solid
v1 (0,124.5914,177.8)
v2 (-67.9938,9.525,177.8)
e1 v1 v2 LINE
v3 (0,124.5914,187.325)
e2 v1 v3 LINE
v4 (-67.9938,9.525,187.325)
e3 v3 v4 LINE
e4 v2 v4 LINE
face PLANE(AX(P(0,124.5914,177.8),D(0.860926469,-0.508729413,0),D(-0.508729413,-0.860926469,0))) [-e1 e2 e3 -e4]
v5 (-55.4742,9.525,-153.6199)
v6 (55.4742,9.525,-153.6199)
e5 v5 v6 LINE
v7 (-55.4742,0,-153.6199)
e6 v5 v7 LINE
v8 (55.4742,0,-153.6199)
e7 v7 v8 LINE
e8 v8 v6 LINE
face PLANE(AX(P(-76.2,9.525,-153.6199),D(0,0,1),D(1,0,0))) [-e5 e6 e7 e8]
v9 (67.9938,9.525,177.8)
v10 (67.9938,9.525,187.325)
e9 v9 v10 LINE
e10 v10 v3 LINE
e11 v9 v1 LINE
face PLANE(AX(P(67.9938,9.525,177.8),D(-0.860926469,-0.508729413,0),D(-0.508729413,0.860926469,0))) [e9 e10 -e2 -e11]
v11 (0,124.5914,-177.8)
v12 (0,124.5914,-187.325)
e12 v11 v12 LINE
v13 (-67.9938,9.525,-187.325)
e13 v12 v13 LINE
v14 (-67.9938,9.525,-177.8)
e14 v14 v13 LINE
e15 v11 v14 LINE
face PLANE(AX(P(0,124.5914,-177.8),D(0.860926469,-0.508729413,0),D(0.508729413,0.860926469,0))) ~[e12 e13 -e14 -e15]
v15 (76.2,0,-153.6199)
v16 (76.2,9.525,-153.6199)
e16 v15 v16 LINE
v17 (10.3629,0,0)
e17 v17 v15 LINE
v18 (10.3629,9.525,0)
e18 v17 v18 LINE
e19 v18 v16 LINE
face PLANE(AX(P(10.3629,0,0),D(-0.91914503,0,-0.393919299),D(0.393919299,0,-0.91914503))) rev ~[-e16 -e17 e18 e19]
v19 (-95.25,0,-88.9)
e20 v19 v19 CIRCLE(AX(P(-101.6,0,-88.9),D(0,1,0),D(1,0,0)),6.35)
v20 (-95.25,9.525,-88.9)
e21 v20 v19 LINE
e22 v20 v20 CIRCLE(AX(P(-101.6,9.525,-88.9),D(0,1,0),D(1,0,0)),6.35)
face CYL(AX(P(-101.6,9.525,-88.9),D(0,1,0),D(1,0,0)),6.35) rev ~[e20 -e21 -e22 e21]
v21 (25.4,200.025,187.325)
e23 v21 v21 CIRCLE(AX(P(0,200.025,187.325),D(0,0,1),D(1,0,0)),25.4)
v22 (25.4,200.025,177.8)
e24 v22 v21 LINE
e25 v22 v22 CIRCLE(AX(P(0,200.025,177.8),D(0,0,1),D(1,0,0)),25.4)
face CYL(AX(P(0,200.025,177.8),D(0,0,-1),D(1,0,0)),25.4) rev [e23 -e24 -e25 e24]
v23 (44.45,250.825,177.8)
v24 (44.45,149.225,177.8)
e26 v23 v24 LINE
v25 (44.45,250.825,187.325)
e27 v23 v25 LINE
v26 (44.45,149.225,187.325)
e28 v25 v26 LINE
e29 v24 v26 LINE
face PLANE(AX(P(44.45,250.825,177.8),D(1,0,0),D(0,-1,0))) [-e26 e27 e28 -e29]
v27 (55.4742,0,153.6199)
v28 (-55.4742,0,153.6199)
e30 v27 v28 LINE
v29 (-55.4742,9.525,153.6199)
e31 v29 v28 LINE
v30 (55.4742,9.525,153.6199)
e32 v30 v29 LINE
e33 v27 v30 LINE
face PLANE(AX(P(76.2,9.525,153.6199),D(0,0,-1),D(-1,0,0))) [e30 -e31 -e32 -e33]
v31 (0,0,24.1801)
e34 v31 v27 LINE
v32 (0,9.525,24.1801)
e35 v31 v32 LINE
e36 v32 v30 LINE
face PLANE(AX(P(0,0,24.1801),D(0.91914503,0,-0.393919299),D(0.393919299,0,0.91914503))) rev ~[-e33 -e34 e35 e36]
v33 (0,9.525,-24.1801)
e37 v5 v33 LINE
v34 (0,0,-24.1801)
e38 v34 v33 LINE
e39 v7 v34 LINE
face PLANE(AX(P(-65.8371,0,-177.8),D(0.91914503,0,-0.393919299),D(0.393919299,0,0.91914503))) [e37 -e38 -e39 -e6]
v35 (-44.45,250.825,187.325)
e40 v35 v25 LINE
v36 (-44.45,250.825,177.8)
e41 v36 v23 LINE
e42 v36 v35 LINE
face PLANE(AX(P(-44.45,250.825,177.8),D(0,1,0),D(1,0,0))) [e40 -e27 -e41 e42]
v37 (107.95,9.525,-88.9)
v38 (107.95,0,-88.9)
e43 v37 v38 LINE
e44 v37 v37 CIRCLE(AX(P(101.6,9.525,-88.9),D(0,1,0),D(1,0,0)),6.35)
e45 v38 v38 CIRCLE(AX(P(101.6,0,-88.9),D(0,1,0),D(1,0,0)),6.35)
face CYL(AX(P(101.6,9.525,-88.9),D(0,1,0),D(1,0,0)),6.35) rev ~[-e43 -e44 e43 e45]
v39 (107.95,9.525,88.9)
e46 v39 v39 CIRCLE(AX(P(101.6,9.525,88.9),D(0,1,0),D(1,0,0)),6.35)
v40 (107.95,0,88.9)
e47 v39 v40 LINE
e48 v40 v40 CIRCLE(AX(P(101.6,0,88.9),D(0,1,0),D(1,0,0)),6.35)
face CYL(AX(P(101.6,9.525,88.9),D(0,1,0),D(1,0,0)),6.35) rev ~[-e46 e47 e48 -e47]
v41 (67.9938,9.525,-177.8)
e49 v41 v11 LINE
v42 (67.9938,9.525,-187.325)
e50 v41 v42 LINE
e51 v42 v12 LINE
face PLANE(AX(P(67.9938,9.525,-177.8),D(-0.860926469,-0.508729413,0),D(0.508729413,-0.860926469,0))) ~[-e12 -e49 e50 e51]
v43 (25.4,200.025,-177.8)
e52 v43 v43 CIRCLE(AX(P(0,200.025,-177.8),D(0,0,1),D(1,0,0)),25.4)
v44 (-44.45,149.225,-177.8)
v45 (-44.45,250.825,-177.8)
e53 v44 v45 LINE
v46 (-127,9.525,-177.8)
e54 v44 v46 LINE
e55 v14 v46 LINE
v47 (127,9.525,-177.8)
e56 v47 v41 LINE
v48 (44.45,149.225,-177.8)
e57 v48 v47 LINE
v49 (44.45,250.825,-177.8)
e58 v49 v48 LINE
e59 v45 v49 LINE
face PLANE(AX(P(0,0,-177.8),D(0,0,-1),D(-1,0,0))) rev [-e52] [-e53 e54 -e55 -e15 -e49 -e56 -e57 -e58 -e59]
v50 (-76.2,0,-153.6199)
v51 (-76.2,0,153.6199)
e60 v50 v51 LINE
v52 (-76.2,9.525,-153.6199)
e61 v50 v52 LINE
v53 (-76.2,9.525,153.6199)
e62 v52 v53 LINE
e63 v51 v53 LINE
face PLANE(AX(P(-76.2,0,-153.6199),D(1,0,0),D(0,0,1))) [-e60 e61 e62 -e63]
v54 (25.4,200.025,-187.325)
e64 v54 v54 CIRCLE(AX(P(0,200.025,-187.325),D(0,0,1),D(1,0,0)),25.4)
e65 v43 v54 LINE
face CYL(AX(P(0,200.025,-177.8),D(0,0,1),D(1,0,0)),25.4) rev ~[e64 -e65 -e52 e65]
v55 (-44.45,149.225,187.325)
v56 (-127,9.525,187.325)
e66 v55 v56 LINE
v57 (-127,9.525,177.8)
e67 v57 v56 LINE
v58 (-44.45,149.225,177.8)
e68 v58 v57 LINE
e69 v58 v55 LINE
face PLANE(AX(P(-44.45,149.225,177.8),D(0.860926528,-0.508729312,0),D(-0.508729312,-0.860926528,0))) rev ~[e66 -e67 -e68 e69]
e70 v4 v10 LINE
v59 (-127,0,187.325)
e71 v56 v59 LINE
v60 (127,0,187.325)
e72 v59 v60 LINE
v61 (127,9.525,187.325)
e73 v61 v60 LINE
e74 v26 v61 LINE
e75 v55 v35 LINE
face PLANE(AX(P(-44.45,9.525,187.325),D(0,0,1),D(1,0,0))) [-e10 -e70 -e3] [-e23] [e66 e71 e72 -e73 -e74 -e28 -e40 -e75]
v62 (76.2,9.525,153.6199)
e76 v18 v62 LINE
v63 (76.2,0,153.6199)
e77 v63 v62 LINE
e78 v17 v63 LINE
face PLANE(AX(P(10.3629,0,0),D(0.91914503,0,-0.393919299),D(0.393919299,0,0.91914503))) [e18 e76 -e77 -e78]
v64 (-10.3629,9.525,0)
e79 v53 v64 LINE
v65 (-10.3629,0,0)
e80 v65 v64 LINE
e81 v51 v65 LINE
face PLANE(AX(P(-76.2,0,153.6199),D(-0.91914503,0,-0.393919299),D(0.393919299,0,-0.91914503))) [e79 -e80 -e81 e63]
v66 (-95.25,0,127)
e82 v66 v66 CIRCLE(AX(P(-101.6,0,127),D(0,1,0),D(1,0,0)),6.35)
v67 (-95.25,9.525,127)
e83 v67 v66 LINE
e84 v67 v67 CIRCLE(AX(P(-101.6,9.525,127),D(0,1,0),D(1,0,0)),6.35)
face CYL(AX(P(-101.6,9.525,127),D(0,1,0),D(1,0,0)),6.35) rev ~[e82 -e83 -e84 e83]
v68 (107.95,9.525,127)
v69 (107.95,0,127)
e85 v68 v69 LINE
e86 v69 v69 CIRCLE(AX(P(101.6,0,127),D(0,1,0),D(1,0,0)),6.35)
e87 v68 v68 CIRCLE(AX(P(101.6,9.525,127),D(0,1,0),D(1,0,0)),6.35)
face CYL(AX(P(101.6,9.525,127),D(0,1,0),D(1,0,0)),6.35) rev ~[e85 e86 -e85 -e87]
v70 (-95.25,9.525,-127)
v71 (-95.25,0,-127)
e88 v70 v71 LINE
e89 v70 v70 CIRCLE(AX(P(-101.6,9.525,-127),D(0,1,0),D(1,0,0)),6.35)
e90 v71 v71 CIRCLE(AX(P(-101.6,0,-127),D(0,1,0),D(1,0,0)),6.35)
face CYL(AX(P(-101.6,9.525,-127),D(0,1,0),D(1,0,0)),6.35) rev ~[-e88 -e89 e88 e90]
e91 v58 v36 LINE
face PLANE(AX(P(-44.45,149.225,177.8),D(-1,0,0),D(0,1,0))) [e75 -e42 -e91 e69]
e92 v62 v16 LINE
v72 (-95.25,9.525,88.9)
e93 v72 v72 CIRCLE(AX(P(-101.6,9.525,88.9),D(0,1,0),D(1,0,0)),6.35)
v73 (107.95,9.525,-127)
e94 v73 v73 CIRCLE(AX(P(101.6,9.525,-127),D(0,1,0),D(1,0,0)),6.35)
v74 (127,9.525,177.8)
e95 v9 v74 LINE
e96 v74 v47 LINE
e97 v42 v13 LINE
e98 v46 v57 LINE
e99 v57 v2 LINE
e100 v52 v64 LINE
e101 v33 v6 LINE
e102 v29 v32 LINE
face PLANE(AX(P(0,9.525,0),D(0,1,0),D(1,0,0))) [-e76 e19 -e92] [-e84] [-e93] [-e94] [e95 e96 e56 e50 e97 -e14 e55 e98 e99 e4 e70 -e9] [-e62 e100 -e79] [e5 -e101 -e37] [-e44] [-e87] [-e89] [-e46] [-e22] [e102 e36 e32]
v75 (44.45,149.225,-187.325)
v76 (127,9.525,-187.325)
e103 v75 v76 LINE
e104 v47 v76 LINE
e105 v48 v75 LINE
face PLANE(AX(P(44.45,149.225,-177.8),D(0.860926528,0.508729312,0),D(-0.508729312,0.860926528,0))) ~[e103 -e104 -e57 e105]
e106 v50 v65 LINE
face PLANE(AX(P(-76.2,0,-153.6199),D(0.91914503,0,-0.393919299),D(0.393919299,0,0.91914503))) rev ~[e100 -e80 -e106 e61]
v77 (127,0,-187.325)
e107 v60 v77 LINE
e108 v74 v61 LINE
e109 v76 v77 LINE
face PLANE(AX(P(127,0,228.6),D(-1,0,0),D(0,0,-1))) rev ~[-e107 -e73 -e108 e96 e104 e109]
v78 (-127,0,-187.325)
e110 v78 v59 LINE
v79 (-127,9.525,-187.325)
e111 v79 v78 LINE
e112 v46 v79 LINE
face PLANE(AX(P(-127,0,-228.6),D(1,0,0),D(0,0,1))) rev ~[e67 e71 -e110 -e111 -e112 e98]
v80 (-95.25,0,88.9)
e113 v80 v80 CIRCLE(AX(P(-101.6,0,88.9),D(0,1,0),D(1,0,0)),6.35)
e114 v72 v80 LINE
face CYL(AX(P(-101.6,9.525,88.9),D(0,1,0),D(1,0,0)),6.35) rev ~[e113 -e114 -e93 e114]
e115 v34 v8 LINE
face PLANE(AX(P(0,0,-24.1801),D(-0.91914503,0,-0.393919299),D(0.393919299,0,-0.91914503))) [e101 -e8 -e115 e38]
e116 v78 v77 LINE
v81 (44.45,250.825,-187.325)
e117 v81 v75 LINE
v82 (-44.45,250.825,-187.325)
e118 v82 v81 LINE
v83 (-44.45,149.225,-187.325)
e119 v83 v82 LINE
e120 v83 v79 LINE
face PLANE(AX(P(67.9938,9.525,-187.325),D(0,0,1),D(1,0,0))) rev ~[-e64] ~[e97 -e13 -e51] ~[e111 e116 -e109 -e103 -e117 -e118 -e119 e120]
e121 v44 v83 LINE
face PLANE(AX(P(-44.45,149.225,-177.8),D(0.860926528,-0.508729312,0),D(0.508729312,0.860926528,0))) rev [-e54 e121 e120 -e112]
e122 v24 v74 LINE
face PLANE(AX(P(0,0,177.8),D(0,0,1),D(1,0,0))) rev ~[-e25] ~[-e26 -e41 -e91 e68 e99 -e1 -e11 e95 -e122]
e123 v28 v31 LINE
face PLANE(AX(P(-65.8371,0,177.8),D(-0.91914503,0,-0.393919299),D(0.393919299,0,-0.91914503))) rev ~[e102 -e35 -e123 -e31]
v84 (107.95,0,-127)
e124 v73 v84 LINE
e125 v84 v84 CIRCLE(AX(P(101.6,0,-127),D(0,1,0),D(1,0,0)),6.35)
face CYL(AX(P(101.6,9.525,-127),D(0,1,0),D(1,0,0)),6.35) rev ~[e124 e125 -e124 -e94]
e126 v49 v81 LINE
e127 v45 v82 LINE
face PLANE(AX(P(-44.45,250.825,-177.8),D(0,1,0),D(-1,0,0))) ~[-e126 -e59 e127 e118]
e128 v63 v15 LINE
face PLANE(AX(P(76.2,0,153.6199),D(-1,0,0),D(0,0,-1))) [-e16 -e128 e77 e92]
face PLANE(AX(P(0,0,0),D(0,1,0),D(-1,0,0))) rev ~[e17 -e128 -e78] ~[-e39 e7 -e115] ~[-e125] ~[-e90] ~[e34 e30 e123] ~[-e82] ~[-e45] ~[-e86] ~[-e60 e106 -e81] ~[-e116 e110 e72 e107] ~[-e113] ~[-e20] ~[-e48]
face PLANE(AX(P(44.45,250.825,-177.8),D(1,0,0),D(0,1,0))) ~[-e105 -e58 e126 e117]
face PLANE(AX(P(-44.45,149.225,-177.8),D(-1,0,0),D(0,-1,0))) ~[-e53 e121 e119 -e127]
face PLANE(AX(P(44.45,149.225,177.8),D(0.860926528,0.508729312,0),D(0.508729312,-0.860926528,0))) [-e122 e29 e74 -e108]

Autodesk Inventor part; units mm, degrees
ref_plane "YZ Plane" through (0, 0, 0) normal (1, 0, 0) x (0, 1, 0)
ref_plane "XZ Plane" through (0, 0, 0) normal (0, 1, 0) x (-1, 0, 0)
sketch "Sketch1" plane through (0, 0, 0) normal (0, 1, 0) x (-1, 0, 0)
  line L0 (-127, 228.6) -> (-127, -228.6)
  line L1 (-65.8371, -177.8) -> (65.8371, -177.8)
  line L2 (127, -228.6) -> (127, 228.6)
  line L3 (65.8371, 177.8) -> (-65.8371, 177.8)
  line L4 (127, -228.6) -> (-127, -228.6)
  line L5 (-127, 228.6) -> (127, 228.6)
  line L6 (-76.2, 153.6199) -> (-76.2, -153.6199)
  line L7 (76.2, -153.6199) -> (76.2, 153.6199)
  line L8 (76.2, -153.6199) -> (10.3629, 0)
  line L9 (0, 24.1801) -> (-65.8371, 177.8)
  line L10 (65.8371, -177.8) -> (0, -24.1801)
  line L11 (-10.3629, 0) -> (-76.2, 153.6199)
  line L12 (76.2, 153.6199) -> (10.3629, 0)
  line L13 (0, -24.1801) -> (-65.8371, -177.8)
  line L14 (65.8371, 177.8) -> (0, 24.1801)
  line L15 (-10.3629, 0) -> (-76.2, -153.6199)
  point P0 (0, 0)
  point P1 (-127, 155.9501)
  point P2 (127, -155.9501)
  point P3 (-127, -155.9501)
  point P4 (127, 155.9501)
extrude "Extrusion3" add sketch "Sketch1" along normal blind 9.525
sketch "Sketch7" plane through (0, 9.525, 0) normal (0, 1, 0) x (1, 0, 0)
  line L0 (0, 24.1801) -> (-65.8371, 177.8) projected
  line L1 (-127, 228.6) -> (-127, -228.6) projected
  line L2 (-76.2, 153.6199) -> (-76.2, -153.6199) projected
  circle A0 centre (-101.6, 127) radius 6.35
  circle A1 centre (-101.6, 88.9) radius 6.35
  line L3 (127, 228.6) -> (-127, 228.6) projected
  line L4 (-127, -228.6) -> (127, -228.6) projected
  circle A2 centre (101.6, 127) radius 6.35
  circle A3 centre (101.6, 88.9) radius 6.35
  line L5 (127, -228.6) -> (127, 228.6) projected
  circle A4 centre (-101.6, -127) radius 6.35
  circle A5 centre (-101.6, -88.9) radius 6.35
  circle A6 centre (101.6, -127) radius 6.35
  circle A7 centre (101.6, -88.9) radius 6.35
  point P0 (0, 0)
extrude "Extrusion4" cut sketch "Sketch7" against normal up to next contours A0 | A1 | A2 | A3 | A4 | A5 | A6 | A7
sketch "Sketch8" plane through (127, 0, -228.6) normal (0, 0, -1) x (-1, 0, 0)
  point P0 (127, 0)
ref_plane "Work Plane2" through (0, 0, 177.8) normal (0, 0, 1) x (1, 0, 0)
mirror "Mirror3" about plane through (0, 0, 0) normal (0, 0, 1)
sketch "Sketch13" plane through (0, 0, 177.8) normal (0, 0, 1) x (1, 0, 0)
  line L0 (0, 0) -> (0, 9.525) projected
  line L1 (-127, 9.525) -> (127, 9.525) projected
  line L2 (0, 9.525) -> (-44.45, 9.525)
  line L3 (-44.45, 250.825) -> (44.45, 250.825)
  circle A0 centre (0, 200.025) radius 25.4
  line L4 (-127, 0) -> (-127, 9.525) projected
  line L5 (-44.45, 149.225) -> (-127, 9.525)
  line L6 (127, 0) -> (127, 9.525) projected
  line L7 (44.45, 149.225) -> (127, 9.525)
  line L8 (67.9938, 9.525) -> (0, 124.5914)
  line L9 (0, 124.5914) -> (-67.9938, 9.525)
  line L10 (44.45, 250.825) -> (44.45, 149.225)
  line L11 (-44.45, 149.225) -> (-44.45, 250.825)
  dimension "d52" = 88.9
  dimension "d56" = 50.8
  dimension "d57" = 50.8
extrude "Extrusion8" add sketch "Sketch13" along normal blind 9.525 contours L5 L11 L3 L10 L7 L1 L8 L9
mirror "Mirror4" about plane through (0, 0, 0) normal (0, 0, 1) of "Extrusion8"
sketch "Sketch14" plane through (0, 9.525, 0) normal (0, 1, 0) x (1, 0, 0)
  line L0 (-127, 228.6) -> (-127, 187.325) projected
  line L1 (67.9938, 187.325) -> (127, 187.325) projected
  line L2 (-127, 228.6) -> (127, 228.6)
  line L3 (127, 228.6) -> (127, 187.325)
  line L4 (127, 187.325) -> (-127, 187.325)
  line L5 (-127, 187.325) -> (-127, 228.6)
  line L6 (-44.45, -187.325) -> (-127, -187.325) projected
  line L7 (-127, -228.6) -> (127, -228.6) projected
  line L8 (-127, -187.325) -> (127, -187.325)
  line L9 (127, -187.325) -> (127, -228.6)
  line L10 (127, -228.6) -> (-127, -228.6)
  line L11 (-127, -228.6) -> (-127, -187.325)
  point P0 (0, 0)
extrude "Extrusion9" cut sketch "Sketch14" against normal blind 25.4
sketch "Sketch15" plane through (0, 9.525, 0) normal (0, 1, 0) x (1, 0, 0)
  line L0 (-76.2, 153.6199) -> (-10.3629, 0) projected
  line L1 (-76.2, 153.6199) -> (76.2, 153.6199)
  line L2 (76.2, 153.6199) -> (76.2, 177.8)
  line L3 (127, 177.8) -> (44.45, 177.8) projected
  line L4 (-76.2, 153.6199) -> (-76.2, 177.8)
  line L5 (-76.2, 177.8) -> (76.2, 177.8)
  line L6 (-44.45, -177.8) -> (-127, -177.8) projected
  line L7 (-76.2, -177.8) -> (76.2, -177.8)
  line L8 (76.2, -177.8) -> (76.2, -152.9852)
  line L9 (76.2, -152.9852) -> (-76.2, -152.9852)
  line L10 (-76.2, -152.9852) -> (-76.2, -177.8)
  point P0 (0, 0)
extrude "Extrusion10" add sketch "Sketch15" against normal blind 9.525 contours L4 L5 L3 L2 L1
sketch "Sketch16" plane through (0, 9.525, 0) normal (0, 1, 0) x (1, 0, 0)
  line L0 (-76.2, -153.6199) -> (-10.3629, 0) projected
  line L1 (-76.2, -153.6199) -> (-76.2, -177.8)
  line L2 (-127, -177.8) -> (-67.9938, -177.8) projected
  line L3 (76.2, -153.6199) -> (76.2, 153.6199) projected
  line L4 (76.2, -153.6199) -> (-76.2, -153.6199)
  line L5 (-76.2, -153.6199) -> (-76.2, -177.8)
  line L6 (-76.2, -177.8) -> (76.2, -177.8)
  line L7 (76.2, -177.8) -> (76.2, -153.6199)
  point P0 (0, 0)
extrude "Extrusion11" add sketch "Sketch16" against normal blind 9.525
ref_plane "Work Plane3" through (0, 0, 0) normal (0, 0, 1) x (1, 0, 0)
properties part number "Square Support"
